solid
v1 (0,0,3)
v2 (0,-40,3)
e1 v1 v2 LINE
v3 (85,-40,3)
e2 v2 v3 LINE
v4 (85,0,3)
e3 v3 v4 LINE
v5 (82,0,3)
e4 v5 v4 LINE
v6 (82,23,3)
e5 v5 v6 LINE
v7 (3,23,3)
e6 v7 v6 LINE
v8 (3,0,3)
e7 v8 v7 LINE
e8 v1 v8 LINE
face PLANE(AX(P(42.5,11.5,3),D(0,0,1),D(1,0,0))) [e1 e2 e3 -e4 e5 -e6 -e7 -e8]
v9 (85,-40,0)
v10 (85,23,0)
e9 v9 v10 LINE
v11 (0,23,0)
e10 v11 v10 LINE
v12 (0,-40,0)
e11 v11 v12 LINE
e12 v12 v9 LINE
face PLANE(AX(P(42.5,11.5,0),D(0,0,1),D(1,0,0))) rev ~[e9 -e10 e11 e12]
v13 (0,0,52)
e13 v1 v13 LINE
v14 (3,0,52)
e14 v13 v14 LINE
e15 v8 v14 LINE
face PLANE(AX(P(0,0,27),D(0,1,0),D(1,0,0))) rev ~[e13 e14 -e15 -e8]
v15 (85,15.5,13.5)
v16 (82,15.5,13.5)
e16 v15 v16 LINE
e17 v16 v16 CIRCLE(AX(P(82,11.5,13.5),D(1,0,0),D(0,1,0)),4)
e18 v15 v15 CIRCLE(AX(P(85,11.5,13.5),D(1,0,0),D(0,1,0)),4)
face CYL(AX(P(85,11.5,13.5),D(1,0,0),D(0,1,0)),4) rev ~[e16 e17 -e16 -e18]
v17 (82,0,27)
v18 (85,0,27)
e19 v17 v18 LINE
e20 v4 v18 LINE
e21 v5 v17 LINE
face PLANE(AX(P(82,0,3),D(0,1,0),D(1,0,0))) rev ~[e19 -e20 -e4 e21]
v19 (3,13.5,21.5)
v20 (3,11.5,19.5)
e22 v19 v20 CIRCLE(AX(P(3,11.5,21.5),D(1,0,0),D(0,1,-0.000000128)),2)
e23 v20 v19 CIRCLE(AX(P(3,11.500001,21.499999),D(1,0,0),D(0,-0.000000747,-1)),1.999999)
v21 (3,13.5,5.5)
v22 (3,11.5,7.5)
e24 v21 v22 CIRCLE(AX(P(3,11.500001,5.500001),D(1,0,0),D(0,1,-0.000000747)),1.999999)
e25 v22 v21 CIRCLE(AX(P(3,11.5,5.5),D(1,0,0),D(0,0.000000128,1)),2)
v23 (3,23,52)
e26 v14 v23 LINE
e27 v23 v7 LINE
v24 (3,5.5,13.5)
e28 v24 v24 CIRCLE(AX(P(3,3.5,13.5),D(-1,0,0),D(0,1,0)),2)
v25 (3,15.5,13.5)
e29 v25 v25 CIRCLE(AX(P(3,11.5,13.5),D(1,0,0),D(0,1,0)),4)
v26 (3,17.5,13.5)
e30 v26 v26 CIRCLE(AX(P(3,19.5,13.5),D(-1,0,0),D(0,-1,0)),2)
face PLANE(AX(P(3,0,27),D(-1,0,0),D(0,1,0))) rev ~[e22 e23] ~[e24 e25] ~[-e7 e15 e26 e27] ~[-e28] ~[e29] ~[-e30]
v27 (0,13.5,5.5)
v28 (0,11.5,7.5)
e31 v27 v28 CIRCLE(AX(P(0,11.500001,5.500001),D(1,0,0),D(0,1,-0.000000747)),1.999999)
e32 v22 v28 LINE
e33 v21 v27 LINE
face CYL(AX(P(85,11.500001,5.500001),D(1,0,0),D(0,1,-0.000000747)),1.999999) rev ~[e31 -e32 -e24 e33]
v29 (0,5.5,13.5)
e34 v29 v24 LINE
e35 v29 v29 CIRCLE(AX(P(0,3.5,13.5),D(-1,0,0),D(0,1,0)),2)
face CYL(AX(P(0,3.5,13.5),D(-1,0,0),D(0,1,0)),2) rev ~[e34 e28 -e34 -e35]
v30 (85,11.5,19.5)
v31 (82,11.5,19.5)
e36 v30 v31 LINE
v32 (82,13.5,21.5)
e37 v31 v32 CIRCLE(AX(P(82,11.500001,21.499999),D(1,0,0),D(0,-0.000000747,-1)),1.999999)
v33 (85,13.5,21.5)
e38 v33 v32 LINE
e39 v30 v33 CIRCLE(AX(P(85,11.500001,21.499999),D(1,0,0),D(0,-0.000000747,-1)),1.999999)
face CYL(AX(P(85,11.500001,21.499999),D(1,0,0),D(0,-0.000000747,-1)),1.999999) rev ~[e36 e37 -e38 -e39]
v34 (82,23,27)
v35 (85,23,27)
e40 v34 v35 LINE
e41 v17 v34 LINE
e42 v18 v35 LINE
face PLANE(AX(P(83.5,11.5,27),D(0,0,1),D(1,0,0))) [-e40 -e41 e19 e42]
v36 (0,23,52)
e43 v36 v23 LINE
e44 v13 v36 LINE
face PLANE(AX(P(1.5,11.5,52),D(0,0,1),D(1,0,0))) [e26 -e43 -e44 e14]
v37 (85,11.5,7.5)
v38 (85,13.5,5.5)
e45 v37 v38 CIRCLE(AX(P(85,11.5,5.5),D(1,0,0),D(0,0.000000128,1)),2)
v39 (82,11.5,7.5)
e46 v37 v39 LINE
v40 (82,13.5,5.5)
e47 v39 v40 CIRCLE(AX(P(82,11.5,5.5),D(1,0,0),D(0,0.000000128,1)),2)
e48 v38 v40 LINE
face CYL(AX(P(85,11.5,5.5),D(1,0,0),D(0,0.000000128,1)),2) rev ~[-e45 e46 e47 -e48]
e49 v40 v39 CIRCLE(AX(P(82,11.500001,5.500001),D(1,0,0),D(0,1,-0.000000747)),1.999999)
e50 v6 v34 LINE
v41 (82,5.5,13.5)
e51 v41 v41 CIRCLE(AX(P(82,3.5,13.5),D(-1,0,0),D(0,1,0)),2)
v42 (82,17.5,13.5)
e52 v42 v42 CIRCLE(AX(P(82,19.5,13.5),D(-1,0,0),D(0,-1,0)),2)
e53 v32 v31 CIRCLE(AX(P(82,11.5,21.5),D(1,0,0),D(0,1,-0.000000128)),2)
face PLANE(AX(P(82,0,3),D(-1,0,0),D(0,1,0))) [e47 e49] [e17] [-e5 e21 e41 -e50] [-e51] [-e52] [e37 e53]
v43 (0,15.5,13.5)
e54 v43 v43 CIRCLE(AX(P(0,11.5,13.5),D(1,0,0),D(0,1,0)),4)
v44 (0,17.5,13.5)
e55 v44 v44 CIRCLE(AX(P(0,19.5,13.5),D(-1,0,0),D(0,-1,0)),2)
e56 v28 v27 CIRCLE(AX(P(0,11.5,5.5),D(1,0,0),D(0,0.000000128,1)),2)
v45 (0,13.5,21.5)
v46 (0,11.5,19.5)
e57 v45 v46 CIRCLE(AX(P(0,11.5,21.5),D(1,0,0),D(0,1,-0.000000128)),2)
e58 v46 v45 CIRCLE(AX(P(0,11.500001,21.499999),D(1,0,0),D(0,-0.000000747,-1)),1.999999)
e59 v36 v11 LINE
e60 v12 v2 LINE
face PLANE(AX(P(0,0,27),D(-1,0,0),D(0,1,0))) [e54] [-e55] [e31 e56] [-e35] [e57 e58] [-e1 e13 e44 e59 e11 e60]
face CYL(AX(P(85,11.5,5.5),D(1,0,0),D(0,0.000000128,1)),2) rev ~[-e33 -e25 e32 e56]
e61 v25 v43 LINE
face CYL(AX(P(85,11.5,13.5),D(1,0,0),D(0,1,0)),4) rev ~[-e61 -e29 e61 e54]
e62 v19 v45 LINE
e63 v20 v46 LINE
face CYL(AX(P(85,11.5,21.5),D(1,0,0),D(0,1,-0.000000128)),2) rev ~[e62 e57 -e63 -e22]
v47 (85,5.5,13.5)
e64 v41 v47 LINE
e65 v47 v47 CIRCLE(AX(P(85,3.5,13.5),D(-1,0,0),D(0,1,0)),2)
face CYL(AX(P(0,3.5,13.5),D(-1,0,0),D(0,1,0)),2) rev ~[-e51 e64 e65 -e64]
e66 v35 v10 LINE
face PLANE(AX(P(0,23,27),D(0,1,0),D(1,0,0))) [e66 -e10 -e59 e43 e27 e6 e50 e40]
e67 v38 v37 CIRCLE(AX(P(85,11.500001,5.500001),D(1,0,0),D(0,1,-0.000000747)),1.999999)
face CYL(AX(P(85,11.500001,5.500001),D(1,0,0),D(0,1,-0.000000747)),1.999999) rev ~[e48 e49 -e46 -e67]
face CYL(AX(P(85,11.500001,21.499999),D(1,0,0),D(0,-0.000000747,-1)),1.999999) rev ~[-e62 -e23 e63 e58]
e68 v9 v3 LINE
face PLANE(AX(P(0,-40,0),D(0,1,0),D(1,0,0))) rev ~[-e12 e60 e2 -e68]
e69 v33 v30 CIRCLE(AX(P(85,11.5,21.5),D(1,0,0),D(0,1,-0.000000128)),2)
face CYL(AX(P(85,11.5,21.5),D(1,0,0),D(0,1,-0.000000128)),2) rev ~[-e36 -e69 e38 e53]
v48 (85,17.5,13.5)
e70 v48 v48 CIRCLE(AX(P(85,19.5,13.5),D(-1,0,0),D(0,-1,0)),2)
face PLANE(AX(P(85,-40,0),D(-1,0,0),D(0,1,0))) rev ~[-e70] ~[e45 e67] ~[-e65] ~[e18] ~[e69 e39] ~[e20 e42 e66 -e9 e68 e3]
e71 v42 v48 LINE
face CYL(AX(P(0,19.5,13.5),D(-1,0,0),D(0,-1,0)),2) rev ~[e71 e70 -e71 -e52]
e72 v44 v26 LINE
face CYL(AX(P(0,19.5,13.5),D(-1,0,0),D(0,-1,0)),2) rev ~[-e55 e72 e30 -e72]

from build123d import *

# Parameters (mm, degrees)
F0_W      = 85
F0_H      = 23
F0_H_2    = 40
F1_DEPTH  = 3
F2_W      = 3
F2_H      = 23
F3_DEPTH  = 24
F4_W      = 3
F4_H      = 23
F5_DEPTH  = 25
F6_R      = 4
F7_DEPTH  = 200
F8_R      = 2
F9_DEPTH  = 250
F11_DEPTH = 250


with BuildPart() as f1:
    # F0 (on Top) → F1 (new body)
    with BuildSketch(Plane.XY):
        with Locations((42.5, 11.5)):
            Rectangle(F0_W, F0_H)
        with Locations((42.5, -20)):
            Rectangle(F0_W, F0_H_2)
    extrude(amount=F1_DEPTH)

    # F2 (on face) → F3 (join)
    with BuildSketch(Plane.XY.offset(3)):
        with Locations((1.5, 11.5)):
            Rectangle(F2_W, F2_H)
        with Locations((83.5, 11.5)):
            Rectangle(F2_W, F2_H)
    extrude(amount=F3_DEPTH)

    # F4 (on face) → F5 (join)
    with BuildSketch(Plane.XY.offset(27)):
        with Locations((1.5, 11.5)):
            Rectangle(F4_W, F4_H)
    extrude(amount=F5_DEPTH)

    # F6 (on face) → F7 (cut)
    with BuildSketch(Plane.YZ.offset(85)):
        with Locations((11.5, 13.5)):
            Circle(F6_R)
    extrude(amount=-F7_DEPTH, mode=Mode.SUBTRACT)

    # F8 (on face) → F9 (cut)
    with BuildSketch(Plane(origin=(0, 0, 0), x_dir=(0, -1, 0), z_dir=(-1, 0, 0))):
        with BuildLine():
            ThreePointArc((-1.5, 13.5), (-3.5, 15.5), (-5.5, 13.5))
            ThreePointArc((-5.5, 13.5), (-3.5, 11.5), (-1.5, 13.5))
        make_face()
        with Locations((-19.5, 13.5)):
            Circle(F8_R)
    extrude(amount=-F9_DEPTH, mode=Mode.SUBTRACT)

    # F10 (on face) → F11 (cut)
    with BuildSketch(Plane.YZ.offset(85)):
        with BuildLine():
            ThreePointArc((13.5, 21.5), (10.085786, 22.914214), (11.5, 19.5))
            ThreePointArc((11.5, 19.5), (12.914214, 20.085786), (13.5, 21.5))
        make_face()
        with BuildLine():
            ThreePointArc((13.5, 5.5), (12.914214, 6.914214), (11.5, 7.5))
            ThreePointArc((11.5, 7.5), (10.085786, 4.085786), (13.5, 5.5))
        make_face()
    extrude(amount=-F11_DEPTH, mode=Mode.SUBTRACT)


solid = f1.part
